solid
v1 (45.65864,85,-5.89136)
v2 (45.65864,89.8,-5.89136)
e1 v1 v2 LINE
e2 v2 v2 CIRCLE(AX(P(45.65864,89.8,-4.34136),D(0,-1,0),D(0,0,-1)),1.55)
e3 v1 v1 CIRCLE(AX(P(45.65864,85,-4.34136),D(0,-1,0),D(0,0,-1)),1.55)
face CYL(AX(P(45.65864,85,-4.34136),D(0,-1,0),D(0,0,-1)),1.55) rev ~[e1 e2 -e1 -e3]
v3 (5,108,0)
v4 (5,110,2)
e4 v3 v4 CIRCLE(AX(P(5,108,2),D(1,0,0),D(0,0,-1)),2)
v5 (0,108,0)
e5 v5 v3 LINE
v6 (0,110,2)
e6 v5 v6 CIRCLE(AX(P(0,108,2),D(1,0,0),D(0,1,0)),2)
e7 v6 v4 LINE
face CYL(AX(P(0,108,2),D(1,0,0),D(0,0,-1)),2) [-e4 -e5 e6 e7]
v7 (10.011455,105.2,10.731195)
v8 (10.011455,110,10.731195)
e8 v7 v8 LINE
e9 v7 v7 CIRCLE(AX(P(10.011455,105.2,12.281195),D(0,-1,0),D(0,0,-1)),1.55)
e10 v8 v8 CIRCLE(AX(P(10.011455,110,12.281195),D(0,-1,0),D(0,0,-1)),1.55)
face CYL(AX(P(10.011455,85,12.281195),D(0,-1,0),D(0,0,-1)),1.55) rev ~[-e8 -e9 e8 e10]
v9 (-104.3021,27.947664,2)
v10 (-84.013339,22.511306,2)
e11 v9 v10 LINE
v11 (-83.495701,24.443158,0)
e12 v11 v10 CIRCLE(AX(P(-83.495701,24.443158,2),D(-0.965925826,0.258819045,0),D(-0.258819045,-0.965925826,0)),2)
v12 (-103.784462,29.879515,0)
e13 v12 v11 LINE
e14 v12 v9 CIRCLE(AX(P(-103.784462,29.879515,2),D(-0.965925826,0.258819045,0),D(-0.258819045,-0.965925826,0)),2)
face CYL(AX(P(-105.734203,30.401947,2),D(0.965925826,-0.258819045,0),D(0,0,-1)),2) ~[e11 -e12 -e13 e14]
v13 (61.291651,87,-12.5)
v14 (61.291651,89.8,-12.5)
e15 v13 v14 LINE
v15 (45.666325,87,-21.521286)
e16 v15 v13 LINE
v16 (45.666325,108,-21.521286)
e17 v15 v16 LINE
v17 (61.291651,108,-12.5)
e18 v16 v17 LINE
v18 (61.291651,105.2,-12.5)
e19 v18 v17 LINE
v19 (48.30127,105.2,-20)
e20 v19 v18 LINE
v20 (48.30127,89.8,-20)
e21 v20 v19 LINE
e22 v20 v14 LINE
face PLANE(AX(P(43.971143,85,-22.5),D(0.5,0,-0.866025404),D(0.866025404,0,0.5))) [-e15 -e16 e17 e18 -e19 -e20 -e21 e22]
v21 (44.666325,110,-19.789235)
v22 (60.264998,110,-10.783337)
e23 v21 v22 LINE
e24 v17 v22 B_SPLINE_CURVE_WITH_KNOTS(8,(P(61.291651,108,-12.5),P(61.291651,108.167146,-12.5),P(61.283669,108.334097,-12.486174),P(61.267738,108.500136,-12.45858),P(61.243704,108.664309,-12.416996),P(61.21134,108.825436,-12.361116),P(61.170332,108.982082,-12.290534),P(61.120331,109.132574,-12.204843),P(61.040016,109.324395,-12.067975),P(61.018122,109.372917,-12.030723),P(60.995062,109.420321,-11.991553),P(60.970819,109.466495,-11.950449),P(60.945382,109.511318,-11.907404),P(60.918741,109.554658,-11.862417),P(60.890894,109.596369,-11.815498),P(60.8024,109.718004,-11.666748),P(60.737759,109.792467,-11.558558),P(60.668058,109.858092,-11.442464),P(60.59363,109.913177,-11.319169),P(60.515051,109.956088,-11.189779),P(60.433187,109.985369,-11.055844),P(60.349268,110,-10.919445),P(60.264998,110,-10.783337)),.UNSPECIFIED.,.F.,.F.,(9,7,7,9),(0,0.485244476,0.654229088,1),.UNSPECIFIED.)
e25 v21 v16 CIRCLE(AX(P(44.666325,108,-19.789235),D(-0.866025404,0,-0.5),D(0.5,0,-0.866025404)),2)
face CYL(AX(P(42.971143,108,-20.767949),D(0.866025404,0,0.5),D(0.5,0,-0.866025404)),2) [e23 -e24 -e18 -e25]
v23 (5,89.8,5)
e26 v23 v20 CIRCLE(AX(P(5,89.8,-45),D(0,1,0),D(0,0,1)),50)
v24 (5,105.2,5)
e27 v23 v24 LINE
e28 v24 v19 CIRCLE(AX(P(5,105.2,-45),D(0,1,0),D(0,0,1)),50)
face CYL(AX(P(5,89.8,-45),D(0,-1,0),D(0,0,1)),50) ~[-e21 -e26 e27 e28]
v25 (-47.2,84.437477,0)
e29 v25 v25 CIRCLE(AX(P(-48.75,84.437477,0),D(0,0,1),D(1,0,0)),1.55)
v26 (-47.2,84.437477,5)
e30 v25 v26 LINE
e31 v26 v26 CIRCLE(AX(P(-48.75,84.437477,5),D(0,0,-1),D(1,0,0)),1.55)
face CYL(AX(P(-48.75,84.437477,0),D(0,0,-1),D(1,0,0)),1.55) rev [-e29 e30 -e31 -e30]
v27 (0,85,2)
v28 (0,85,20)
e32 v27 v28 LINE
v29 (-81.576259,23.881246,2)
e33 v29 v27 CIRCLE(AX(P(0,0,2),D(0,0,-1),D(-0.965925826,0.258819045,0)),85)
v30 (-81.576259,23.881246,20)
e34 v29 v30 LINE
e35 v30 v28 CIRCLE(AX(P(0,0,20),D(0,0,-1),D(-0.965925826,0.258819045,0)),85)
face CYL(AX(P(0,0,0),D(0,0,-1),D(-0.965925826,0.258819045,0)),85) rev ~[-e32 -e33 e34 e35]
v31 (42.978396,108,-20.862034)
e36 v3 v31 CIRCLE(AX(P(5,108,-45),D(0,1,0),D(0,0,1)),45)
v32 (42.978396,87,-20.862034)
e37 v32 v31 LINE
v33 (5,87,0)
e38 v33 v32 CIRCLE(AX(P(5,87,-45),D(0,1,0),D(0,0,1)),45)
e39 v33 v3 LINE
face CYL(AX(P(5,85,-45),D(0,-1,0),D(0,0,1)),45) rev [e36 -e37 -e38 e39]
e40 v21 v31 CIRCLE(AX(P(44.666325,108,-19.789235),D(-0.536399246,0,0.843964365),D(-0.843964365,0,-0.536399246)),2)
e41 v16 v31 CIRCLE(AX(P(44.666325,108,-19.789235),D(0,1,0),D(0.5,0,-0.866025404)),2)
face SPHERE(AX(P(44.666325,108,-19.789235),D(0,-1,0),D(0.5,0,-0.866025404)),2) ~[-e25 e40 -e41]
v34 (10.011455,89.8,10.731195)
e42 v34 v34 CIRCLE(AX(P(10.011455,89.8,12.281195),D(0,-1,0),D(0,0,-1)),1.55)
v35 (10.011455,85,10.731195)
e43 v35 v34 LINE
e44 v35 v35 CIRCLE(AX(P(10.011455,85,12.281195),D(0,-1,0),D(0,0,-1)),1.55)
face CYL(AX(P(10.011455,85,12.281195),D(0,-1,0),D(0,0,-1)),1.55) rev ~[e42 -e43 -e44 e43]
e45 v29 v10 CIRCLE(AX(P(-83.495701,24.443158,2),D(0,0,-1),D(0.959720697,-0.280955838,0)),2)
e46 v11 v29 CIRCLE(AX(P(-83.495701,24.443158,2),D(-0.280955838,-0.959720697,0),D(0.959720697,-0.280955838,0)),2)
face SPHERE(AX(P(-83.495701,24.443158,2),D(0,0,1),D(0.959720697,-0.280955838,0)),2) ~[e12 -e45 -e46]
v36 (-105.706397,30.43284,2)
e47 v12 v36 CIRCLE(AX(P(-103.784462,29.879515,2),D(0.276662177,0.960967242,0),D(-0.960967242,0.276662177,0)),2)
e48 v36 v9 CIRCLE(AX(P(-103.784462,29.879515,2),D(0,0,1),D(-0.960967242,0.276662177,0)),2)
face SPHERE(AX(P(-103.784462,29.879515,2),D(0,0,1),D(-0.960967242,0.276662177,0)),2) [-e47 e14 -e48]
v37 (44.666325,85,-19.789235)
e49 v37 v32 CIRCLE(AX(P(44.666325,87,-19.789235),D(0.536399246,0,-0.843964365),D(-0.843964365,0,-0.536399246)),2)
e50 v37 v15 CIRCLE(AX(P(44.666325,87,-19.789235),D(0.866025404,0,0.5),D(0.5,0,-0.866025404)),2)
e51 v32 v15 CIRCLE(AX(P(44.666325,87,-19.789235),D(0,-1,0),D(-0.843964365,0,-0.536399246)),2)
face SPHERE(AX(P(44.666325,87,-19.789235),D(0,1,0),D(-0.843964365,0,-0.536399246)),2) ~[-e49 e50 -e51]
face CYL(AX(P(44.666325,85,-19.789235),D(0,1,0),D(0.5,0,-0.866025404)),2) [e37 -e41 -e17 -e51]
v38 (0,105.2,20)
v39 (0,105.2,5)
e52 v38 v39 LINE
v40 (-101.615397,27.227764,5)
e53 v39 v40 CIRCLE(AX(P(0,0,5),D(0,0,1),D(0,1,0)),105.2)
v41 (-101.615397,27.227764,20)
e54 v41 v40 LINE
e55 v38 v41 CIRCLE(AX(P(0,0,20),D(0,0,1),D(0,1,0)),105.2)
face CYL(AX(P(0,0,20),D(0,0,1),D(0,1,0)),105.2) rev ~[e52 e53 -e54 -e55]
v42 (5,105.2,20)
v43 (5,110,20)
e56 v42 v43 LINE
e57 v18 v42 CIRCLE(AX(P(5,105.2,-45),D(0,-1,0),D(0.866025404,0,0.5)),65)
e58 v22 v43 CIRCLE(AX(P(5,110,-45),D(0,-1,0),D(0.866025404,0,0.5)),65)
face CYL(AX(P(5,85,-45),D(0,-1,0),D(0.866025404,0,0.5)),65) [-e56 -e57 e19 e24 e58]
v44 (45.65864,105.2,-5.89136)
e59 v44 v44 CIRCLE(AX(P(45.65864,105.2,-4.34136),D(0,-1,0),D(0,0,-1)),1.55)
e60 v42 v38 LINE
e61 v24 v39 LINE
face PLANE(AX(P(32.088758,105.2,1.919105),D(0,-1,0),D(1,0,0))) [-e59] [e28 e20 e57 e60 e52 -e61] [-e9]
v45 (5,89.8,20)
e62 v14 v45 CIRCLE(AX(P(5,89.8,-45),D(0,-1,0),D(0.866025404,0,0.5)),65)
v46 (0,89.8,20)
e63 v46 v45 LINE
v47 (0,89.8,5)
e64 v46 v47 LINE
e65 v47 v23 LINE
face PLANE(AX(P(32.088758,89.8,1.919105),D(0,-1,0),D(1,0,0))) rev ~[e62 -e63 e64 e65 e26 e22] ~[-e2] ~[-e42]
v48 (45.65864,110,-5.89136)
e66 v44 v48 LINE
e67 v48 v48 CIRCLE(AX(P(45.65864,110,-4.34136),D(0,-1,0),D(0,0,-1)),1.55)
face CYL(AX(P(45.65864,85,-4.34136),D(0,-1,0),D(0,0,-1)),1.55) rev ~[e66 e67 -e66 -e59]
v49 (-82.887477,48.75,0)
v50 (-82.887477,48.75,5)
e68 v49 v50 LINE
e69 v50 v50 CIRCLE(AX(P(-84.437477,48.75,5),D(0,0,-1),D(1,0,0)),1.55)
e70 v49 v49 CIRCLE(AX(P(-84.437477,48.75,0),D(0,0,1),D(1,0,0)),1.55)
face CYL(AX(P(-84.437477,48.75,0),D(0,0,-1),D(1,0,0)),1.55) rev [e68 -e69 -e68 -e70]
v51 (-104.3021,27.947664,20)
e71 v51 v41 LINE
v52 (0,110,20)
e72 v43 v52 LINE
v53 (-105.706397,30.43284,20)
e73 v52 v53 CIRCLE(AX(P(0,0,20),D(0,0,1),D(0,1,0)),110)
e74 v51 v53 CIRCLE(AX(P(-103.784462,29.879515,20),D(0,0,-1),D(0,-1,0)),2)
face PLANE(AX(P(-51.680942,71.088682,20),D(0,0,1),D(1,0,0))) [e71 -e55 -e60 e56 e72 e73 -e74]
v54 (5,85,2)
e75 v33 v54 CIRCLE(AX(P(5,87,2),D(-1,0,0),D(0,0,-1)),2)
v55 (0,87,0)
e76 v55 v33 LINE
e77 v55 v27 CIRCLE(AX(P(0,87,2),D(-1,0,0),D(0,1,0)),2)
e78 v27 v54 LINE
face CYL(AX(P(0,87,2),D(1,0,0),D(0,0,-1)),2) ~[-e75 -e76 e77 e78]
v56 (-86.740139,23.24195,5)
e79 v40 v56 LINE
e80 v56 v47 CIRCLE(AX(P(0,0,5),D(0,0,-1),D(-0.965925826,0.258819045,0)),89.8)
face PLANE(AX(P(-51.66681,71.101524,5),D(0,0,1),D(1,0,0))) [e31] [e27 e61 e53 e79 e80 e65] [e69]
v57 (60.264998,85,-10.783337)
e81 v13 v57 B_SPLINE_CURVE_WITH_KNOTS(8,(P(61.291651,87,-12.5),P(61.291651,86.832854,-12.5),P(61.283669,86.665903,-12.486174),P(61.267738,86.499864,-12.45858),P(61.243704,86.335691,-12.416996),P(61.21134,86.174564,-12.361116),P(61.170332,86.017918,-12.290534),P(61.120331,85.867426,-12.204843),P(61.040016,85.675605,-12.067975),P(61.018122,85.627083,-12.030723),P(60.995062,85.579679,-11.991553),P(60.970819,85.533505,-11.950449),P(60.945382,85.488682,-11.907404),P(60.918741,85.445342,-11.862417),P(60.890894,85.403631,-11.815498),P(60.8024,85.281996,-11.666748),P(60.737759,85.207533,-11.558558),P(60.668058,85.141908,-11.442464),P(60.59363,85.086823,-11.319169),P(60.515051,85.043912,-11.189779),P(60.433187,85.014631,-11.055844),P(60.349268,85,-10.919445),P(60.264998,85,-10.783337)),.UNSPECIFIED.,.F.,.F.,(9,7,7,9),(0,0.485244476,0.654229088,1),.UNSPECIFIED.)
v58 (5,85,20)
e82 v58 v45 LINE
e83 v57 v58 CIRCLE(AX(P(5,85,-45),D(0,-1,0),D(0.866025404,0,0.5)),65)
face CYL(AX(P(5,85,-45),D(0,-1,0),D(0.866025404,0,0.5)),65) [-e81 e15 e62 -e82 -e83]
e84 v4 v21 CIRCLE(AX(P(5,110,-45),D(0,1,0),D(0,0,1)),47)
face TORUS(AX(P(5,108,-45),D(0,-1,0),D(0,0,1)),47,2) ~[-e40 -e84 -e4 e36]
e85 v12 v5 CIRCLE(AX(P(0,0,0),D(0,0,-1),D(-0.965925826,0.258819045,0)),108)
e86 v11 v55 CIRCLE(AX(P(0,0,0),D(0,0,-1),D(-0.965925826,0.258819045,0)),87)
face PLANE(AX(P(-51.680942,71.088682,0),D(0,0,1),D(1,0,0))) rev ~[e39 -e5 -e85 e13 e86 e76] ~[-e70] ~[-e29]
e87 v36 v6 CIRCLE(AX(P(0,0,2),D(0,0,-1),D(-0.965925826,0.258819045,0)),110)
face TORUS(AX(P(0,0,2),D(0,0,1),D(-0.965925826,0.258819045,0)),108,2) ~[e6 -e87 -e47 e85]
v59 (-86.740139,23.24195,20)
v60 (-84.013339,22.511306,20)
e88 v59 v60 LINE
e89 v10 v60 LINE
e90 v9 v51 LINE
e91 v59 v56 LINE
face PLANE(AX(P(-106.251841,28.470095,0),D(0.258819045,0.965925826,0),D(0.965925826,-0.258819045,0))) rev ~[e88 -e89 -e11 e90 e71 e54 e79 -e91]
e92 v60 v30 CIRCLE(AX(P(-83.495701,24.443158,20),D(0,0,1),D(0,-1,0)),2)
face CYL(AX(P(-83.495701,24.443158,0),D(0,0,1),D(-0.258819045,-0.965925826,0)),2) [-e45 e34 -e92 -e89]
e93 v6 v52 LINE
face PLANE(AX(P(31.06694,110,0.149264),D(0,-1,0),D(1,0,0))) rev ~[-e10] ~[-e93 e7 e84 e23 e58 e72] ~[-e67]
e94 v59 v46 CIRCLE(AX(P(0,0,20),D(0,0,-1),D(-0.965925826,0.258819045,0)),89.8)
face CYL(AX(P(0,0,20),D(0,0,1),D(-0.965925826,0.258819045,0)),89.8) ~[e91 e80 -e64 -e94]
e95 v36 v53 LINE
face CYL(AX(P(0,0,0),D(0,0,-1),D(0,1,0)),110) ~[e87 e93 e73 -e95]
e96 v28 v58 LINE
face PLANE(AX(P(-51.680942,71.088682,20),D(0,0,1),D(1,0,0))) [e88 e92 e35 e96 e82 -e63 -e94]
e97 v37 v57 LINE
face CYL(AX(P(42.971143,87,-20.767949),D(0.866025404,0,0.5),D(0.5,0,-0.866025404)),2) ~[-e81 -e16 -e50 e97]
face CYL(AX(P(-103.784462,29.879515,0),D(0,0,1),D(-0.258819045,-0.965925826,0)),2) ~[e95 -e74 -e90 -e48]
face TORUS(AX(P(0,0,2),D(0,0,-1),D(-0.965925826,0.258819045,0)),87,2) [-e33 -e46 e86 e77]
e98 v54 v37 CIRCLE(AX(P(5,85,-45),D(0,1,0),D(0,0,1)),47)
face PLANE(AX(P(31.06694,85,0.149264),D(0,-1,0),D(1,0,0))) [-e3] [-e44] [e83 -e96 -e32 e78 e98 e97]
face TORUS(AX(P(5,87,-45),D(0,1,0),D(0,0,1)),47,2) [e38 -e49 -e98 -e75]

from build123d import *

# Parameters (mm, degrees)
SKETCH_1_R          = 1.55
EXTRUDE_1_DEPTH     = 20
SKETCH_3_R          = 1.55
EXTRUDE_2_DEPTH     = 25
FILLET_1_R          = 2
CUT_EXTRUDE_1_DEPTH = 15
CUT_EXTRUDE_START   = 15.4
CUT_EXTRUDE_2_DEPTH = 15.4


with BuildPart() as part:
    # 草图1 → 凸台-拉伸1 (new body)
    with BuildSketch(Plane.XY):
        with BuildLine():
            Line((-106.251840892, 28.470094961), (-82.103695235, 21.999618834))
            ThreePointArc((-82.103695235, 21.999618834), (-51.744721466, 67.435033925), (0, 85))
            Line((0, 85), (5, 85))
            Line((5, 85), (5, 110))
            Line((5, 110), (0, 110))
            ThreePointArc((0, 110), (-66.963757191, 87.268867432), (-106.251840892, 28.470094961))
        make_face()
        with Locations((-48.75, 84.437476869)):
            Circle(SKETCH_1_R, mode=Mode.SUBTRACT)
        with Locations((-84.437476869, 48.75)):
            Circle(SKETCH_1_R, mode=Mode.SUBTRACT)
    extrude(amount=EXTRUDE_1_DEPTH)

    # 草图3 → 凸台-拉伸2 (add)
    with BuildSketch(Plane.XZ.offset(-85)):
        with BuildLine():
            Line((43.97114317, -22.5), (61.291651246, -12.5))
            ThreePointArc((61.291651246, -12.5), (37.5, 11.291651246), (5, 20))
            Line((5, 20), (5, 0))
            ThreePointArc((5, 0), (27.5, -6.02885683), (43.97114317, -22.5))
        make_face()
        with Locations(Location((10.011455208, 12.28119514, 0), (0, 0, 270))):
            Circle(SKETCH_3_R, mode=Mode.SUBTRACT)
        with Locations(Location((45.658639918, -4.341360082, 0), (0, 0, 270))):
            Circle(SKETCH_3_R, mode=Mode.SUBTRACT)
    extrude(amount=-EXTRUDE_2_DEPTH)

    # 圆角1
    fillet_1_edges = [part.edges().sort_by_distance(p)[0] for p in [
        (-82.103695235, 21.999618834, 10),
        (-106.251840892, 28.470094961, 10),
        (43.97114317, 97.5, -22.5),
        (27.5, 85, -6.02885683),
        (52.631397208, 85, -17.5),
        (52.631397208, 110, -17.5),
        (27.5, 110, -6.02885683),
        (2.5, 110, 0),
        (2.5, 85, 0),
        (-51.744721466, 67.435033925, 0),
        (-94.177768063, 25.234856897, 0),
        (-66.963757191, 87.268867432, 0),
    ]]
    fillet(fillet_1_edges, radius=FILLET_1_R)

    # 草图4 → 切除-拉伸1 (cut)
    with BuildSketch(Plane.XY.offset(20)):
        with BuildLine():
            Line((-101.615396926, 27.227763545), (-86.740139201, 23.24195025))
            ThreePointArc((-86.740139201, 23.24195025), (-54.666776325, 71.243129958), (0, 89.8))
            Line((0, 89.8), (5, 89.8))
            Line((5, 89.8), (5, 105.2))
            Line((5, 105.2), (0, 105.2))
            ThreePointArc((0, 105.2), (-64.041702332, 83.460771399), (-101.615396926, 27.227763545))
        make_face()
    extrude(amount=-CUT_EXTRUDE_1_DEPTH, mode=Mode.SUBTRACT)

    # 草图5 → 切除-拉伸2 (cut)
    with BuildSketch(Plane.XZ.offset(-105.2).offset(CUT_EXTRUDE_START)):
        with BuildLine():
            Line((5, 20), (5, 5))
            ThreePointArc((5, 5), (30, -1.698729811), (48.301270189, -20))
            Line((48.301270189, -20), (61.291651246, -12.5))
            ThreePointArc((61.291651246, -12.5), (37.5, 11.291651246), (5, 20))
        make_face()
    extrude(amount=-CUT_EXTRUDE_2_DEPTH, mode=Mode.SUBTRACT)


solid = part.part
